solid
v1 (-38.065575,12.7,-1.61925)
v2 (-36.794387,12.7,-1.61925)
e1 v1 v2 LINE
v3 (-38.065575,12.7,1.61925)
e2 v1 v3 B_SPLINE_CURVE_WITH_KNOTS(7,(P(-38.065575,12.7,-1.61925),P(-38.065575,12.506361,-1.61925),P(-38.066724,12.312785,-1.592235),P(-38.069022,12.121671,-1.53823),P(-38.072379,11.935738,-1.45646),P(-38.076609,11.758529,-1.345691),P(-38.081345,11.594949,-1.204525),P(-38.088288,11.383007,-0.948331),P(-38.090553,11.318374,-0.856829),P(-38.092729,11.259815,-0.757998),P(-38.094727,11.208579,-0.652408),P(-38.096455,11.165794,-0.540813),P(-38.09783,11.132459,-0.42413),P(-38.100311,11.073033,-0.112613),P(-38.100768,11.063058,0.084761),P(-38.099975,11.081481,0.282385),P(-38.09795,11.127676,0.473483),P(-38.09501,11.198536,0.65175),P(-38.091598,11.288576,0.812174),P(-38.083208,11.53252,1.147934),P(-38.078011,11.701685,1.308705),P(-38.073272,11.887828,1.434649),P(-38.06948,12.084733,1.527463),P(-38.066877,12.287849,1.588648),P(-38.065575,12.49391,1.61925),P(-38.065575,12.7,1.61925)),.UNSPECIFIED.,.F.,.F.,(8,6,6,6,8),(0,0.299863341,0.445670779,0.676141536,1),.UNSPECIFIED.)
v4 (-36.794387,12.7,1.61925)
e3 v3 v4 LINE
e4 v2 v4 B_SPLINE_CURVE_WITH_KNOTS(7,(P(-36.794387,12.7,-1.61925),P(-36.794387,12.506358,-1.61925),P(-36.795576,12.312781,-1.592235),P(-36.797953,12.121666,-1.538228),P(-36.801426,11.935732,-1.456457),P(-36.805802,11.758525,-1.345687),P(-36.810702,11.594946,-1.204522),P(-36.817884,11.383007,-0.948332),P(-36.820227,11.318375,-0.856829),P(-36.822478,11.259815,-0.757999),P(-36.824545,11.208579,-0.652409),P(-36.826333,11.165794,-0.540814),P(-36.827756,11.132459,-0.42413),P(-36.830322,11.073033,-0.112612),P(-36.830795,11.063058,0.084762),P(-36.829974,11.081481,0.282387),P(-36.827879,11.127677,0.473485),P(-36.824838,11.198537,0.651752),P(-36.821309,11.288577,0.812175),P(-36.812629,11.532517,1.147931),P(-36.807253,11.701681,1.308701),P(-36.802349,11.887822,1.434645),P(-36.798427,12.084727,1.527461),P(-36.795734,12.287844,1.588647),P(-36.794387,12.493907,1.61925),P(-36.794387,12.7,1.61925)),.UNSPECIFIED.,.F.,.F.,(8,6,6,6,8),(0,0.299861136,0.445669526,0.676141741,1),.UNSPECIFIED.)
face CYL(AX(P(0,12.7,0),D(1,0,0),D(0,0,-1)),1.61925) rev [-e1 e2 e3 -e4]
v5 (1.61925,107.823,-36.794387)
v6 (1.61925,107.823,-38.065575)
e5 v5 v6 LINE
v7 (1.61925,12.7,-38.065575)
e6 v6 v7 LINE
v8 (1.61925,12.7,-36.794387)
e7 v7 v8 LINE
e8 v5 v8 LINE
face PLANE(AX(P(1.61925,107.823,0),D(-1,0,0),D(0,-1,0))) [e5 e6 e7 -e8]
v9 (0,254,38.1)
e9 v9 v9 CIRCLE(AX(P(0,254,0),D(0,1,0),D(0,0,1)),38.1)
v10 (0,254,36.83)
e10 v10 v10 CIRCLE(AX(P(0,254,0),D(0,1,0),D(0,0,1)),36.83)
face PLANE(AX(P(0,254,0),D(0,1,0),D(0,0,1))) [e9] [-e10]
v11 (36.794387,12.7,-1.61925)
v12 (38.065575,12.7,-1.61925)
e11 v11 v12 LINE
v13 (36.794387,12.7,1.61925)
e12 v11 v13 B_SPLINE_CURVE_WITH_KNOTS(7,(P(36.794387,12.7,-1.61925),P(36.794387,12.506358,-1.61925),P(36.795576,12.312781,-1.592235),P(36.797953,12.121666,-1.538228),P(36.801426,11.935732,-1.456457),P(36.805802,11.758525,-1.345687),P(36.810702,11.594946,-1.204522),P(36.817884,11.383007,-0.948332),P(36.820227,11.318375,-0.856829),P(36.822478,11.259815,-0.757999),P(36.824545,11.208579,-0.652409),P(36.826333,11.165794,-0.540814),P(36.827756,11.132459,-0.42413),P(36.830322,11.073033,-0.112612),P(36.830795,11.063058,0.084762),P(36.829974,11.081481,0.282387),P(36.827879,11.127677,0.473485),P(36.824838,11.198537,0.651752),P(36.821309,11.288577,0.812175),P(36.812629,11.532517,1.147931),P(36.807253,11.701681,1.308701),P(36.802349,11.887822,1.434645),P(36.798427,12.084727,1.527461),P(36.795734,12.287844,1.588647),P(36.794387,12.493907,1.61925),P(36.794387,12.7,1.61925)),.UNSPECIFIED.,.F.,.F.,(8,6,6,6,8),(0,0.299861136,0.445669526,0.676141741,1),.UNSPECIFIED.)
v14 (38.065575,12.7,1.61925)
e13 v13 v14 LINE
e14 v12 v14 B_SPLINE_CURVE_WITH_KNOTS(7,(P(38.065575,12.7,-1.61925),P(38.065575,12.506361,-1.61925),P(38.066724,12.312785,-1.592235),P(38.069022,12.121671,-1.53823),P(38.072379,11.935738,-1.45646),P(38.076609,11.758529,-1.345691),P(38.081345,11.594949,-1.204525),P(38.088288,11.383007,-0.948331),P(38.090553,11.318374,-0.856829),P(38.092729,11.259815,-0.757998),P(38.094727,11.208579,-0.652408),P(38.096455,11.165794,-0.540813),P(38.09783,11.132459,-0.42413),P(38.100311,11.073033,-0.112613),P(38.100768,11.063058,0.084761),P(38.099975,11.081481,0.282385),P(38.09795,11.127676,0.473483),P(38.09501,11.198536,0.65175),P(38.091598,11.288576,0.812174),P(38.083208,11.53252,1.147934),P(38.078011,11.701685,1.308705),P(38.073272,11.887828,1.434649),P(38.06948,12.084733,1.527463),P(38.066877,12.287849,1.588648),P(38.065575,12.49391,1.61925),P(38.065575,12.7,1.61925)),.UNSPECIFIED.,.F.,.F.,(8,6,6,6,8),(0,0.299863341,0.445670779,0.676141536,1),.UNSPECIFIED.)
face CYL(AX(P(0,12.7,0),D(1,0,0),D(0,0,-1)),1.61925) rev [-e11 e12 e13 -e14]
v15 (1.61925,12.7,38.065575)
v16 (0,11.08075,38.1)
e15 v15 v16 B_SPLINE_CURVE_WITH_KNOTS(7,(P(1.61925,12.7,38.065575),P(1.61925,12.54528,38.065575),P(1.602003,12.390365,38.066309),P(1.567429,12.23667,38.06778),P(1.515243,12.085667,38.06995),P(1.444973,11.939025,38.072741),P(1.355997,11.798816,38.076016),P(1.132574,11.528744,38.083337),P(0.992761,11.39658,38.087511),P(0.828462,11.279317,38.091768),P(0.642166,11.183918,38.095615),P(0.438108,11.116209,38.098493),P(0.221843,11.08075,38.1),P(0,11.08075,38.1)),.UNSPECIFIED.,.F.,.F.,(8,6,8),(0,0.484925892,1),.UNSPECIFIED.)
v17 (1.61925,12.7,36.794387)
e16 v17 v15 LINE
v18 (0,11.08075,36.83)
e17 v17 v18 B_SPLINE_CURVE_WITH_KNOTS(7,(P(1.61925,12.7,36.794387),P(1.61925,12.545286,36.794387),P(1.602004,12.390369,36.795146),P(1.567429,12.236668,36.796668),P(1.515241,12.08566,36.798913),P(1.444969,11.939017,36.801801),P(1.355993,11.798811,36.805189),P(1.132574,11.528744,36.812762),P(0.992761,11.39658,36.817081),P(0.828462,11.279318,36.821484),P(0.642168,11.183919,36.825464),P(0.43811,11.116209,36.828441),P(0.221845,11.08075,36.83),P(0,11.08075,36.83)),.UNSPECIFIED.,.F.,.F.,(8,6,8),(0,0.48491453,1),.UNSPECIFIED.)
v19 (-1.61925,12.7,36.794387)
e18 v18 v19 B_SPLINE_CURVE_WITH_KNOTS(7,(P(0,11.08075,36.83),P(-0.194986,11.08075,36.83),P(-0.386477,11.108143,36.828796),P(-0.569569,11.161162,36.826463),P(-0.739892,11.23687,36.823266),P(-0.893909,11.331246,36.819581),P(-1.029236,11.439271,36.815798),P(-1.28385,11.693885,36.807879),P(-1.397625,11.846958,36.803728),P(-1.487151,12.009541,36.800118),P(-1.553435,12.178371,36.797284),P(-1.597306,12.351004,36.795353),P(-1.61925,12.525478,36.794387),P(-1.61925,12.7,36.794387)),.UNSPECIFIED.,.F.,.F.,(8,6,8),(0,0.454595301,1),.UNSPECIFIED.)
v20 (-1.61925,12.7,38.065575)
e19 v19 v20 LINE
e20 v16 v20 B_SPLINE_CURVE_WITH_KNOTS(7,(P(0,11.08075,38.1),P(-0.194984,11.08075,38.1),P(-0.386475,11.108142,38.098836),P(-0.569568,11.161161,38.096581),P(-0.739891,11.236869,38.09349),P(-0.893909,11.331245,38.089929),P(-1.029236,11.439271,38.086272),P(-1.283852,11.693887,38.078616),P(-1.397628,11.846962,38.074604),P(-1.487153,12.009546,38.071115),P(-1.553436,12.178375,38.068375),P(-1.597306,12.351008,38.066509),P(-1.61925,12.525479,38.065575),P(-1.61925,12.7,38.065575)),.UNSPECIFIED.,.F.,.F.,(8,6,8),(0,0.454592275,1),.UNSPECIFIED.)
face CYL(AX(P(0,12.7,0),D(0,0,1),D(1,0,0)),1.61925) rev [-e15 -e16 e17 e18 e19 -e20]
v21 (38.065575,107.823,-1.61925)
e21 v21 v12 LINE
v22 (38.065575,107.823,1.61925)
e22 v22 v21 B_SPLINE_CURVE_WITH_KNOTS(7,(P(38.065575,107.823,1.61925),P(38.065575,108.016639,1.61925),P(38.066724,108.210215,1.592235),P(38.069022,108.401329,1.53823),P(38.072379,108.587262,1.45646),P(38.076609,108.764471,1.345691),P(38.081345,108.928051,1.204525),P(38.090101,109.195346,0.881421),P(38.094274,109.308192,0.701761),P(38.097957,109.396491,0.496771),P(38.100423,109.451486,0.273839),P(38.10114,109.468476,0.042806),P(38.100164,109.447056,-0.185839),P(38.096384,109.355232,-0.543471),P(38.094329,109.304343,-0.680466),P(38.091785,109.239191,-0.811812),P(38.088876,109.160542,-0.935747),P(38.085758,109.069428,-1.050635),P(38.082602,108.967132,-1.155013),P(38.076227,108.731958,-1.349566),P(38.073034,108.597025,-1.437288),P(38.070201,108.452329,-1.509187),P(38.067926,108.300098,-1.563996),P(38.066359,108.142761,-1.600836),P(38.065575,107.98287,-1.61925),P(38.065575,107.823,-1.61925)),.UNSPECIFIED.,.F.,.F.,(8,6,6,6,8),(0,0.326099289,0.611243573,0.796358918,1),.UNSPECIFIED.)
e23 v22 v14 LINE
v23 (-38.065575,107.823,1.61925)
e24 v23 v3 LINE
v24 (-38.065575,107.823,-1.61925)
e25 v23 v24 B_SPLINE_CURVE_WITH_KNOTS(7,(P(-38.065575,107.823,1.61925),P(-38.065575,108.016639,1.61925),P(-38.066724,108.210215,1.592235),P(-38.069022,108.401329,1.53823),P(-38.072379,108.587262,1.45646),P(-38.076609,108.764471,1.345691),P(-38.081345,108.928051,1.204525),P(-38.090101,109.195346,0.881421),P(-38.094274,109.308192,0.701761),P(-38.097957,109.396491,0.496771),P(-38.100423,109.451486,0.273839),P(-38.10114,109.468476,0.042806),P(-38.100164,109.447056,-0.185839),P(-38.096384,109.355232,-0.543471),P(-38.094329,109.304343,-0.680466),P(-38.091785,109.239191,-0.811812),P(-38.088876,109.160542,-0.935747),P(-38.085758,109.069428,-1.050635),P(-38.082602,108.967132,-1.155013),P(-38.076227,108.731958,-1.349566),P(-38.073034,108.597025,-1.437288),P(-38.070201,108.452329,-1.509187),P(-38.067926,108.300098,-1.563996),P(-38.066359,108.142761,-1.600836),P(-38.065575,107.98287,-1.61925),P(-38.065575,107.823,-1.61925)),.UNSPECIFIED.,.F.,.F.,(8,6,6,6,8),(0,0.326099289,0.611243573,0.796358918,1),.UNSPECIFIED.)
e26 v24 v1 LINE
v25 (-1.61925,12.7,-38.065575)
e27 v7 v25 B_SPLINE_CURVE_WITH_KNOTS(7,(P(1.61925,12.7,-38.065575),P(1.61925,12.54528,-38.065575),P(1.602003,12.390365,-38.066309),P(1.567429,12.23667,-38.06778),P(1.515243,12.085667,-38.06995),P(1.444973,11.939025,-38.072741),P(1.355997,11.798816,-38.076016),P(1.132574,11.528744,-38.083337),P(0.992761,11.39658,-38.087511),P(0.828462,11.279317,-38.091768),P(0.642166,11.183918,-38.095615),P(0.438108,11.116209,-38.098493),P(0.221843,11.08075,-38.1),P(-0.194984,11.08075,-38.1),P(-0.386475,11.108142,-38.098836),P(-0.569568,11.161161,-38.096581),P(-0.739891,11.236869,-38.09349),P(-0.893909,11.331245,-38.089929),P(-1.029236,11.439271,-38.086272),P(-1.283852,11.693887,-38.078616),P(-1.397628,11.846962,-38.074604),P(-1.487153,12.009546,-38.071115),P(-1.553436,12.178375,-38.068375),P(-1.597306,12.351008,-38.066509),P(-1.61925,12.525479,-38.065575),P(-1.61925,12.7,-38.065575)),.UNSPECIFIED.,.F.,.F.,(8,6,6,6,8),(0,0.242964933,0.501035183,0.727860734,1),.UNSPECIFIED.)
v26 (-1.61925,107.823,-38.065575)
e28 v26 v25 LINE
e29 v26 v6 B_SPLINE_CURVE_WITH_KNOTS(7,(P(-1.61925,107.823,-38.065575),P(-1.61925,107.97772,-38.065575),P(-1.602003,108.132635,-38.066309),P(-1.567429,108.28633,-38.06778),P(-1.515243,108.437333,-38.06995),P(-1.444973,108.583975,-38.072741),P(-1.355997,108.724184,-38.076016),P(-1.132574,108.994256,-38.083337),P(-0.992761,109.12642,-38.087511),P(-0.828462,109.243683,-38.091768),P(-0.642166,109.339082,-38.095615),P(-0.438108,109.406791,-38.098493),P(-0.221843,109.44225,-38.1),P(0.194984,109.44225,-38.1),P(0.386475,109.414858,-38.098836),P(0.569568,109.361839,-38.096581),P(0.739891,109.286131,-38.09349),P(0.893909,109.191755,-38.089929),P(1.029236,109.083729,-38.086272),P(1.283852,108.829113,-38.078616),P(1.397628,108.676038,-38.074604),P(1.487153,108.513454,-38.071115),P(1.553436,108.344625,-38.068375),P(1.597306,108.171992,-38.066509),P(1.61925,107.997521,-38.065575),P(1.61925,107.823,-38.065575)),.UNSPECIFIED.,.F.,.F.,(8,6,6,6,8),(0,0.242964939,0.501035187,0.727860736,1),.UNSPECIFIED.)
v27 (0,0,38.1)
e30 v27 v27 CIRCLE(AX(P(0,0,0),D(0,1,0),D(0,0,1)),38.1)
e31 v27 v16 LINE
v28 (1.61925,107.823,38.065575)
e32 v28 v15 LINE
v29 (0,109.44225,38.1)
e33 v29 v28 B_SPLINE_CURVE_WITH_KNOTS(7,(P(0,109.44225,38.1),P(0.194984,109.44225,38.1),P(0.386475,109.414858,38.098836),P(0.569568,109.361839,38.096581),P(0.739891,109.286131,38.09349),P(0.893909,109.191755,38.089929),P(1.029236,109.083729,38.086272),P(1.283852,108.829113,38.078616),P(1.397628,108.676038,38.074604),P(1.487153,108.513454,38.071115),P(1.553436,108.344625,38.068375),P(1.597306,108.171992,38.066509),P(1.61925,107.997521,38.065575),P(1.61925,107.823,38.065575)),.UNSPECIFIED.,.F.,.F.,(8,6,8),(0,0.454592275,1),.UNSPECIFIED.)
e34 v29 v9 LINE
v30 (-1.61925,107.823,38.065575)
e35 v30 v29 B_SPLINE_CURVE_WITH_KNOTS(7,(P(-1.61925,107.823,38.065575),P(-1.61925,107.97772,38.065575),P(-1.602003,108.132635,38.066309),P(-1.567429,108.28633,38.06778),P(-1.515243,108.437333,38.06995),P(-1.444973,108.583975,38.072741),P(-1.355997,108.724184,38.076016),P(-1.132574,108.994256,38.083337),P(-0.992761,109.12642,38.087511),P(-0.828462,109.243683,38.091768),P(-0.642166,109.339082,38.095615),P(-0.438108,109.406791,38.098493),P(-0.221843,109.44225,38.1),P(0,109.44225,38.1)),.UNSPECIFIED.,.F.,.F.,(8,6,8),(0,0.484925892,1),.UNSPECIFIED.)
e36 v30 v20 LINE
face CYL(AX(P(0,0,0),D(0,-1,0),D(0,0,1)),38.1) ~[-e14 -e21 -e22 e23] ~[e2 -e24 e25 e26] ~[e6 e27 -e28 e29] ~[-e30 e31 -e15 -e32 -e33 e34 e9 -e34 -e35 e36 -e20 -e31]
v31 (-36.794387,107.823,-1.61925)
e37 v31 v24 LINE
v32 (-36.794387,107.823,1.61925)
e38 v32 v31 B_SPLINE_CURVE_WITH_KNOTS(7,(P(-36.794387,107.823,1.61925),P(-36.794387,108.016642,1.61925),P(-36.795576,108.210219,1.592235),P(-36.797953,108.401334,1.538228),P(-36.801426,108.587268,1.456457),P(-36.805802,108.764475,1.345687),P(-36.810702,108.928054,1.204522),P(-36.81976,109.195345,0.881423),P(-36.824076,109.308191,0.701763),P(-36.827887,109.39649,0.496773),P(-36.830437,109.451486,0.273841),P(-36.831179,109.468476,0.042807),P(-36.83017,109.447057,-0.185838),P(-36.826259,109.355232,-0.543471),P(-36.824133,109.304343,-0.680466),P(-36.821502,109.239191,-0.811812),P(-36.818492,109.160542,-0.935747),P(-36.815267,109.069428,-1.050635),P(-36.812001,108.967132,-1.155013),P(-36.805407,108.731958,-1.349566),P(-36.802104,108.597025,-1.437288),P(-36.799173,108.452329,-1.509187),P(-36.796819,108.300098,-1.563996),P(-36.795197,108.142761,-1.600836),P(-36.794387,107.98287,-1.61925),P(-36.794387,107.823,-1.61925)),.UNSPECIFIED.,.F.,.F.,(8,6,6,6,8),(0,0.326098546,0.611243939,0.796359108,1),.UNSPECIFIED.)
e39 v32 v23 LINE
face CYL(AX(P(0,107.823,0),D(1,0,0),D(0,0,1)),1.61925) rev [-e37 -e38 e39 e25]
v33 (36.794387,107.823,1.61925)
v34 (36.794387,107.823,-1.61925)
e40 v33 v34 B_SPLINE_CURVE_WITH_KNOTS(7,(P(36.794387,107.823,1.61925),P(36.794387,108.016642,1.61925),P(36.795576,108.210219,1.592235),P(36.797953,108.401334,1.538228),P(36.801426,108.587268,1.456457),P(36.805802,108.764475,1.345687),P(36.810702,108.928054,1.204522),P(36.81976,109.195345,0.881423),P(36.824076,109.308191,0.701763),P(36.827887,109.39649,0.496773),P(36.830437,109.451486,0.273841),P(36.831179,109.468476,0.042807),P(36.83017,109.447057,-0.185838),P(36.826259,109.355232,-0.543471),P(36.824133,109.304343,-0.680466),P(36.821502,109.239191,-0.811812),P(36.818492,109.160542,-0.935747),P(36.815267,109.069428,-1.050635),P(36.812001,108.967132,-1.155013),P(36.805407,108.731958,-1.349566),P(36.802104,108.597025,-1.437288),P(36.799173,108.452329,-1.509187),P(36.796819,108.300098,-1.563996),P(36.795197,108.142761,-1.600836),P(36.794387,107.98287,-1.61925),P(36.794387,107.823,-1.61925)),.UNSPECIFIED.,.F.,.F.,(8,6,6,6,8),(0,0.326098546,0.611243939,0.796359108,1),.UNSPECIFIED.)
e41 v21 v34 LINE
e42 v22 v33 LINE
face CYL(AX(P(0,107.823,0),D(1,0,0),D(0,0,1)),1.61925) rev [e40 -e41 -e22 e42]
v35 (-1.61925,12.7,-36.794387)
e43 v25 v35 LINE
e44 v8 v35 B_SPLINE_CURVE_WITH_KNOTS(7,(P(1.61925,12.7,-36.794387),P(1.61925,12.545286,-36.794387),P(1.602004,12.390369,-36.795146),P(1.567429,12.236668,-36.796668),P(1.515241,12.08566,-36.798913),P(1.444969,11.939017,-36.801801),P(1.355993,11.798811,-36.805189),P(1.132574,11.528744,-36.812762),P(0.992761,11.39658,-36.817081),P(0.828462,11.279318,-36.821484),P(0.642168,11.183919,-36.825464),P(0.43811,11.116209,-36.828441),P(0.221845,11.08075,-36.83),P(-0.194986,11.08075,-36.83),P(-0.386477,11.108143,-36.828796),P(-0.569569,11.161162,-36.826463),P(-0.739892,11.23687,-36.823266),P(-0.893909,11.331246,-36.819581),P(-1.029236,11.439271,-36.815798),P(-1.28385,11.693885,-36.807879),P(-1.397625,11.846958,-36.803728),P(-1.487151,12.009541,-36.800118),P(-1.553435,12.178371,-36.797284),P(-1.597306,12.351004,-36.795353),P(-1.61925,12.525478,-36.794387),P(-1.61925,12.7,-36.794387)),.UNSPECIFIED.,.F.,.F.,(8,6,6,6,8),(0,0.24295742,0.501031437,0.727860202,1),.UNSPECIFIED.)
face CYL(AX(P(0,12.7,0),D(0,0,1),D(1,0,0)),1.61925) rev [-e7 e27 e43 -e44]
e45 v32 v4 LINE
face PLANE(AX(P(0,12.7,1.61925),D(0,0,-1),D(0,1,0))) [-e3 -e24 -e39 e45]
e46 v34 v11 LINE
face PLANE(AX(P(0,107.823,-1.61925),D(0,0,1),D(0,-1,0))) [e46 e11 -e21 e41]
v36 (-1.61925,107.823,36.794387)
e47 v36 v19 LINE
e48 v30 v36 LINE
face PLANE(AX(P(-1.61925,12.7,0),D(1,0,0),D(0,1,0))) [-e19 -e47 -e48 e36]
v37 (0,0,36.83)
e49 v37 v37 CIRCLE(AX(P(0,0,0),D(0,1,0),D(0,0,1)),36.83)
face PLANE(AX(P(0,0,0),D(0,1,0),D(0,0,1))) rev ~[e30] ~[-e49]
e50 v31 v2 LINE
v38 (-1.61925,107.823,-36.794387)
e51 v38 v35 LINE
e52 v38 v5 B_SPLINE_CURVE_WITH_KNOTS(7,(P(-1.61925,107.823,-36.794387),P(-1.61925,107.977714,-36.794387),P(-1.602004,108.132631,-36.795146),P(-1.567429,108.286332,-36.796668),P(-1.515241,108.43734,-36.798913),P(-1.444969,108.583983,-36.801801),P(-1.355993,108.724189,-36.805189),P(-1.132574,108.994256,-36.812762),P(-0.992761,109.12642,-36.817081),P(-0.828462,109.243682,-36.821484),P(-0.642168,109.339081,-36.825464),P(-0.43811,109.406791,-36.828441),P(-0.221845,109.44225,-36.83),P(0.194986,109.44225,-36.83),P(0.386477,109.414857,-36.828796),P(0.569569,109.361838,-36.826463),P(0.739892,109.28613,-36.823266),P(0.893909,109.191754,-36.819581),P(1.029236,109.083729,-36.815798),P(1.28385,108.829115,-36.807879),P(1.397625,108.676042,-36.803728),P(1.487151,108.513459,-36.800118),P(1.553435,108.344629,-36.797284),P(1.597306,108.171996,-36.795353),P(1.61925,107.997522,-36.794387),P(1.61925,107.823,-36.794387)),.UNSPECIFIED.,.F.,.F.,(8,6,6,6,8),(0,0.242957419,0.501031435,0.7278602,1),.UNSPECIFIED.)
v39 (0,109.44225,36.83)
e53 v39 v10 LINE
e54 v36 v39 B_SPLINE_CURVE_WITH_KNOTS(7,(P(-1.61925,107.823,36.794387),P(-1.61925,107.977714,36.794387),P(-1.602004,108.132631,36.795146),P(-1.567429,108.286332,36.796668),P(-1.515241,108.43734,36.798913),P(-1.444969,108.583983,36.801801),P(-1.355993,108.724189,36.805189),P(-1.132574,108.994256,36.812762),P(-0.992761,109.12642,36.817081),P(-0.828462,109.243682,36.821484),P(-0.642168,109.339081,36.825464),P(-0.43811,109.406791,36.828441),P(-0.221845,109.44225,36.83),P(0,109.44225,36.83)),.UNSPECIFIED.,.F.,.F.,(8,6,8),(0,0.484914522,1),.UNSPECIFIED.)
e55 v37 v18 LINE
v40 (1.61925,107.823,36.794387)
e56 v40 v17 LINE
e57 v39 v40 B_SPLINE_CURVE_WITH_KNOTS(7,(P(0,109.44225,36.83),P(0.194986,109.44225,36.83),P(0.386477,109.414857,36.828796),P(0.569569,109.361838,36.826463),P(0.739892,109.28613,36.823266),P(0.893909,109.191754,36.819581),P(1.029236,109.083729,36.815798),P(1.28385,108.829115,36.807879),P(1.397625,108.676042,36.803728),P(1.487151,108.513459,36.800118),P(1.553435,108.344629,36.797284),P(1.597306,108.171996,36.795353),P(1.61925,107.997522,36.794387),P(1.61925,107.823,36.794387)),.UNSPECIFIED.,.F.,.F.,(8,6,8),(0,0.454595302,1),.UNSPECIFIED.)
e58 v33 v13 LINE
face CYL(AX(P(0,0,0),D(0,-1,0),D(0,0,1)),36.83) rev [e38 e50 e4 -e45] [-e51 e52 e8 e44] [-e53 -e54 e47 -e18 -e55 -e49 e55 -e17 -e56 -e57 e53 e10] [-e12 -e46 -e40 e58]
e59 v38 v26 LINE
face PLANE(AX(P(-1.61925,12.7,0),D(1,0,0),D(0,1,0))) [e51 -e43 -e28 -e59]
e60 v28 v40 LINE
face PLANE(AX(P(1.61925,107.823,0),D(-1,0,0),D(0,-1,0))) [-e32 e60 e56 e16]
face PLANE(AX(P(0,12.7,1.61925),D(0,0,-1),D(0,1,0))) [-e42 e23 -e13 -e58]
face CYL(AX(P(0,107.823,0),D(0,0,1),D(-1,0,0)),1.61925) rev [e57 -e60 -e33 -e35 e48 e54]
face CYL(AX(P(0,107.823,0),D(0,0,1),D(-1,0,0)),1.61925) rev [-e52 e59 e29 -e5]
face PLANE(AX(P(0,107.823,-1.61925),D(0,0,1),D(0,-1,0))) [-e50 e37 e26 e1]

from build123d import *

# Parameters (mm, degrees)
SKETCH1_R           = 38.1
SKETCH1_R_2         = 36.83
BOSS_EXTRUDE1_DEPTH = 254
CUT_EXTRUDE1_DEPTH  = 260.652113413
CIRPATTERN1_COUNT   = 2
CIRPATTERN1_ANGLE   = 90


with BuildPart() as part:
    # Sketch1 → Boss-Extrude1 (new body)
    with BuildSketch(Plane(origin=(0, 0, 0), x_dir=(1, 0, 0), z_dir=(0, 1, 0))):
        Circle(SKETCH1_R)
        Circle(SKETCH1_R_2, mode=Mode.SUBTRACT)
    extrude(amount=BOSS_EXTRUDE1_DEPTH)

    # Sketch2 → Cut-Extrude1 (cut, symmetric)
    with BuildSketch(Plane.XY):
        with BuildLine():
            Line((-1.61925, 12.7), (-1.61925, 107.823))
            ThreePointArc((-1.61925, 107.823), (0, 109.44225), (1.61925, 107.823))
            Line((1.61925, 107.823), (1.61925, 12.7))
            ThreePointArc((1.61925, 12.7), (0, 11.08075), (-1.61925, 12.7))
        make_face()
    cut_extrude1 = extrude(amount=CUT_EXTRUDE1_DEPTH, both=True, mode=Mode.SUBTRACT)

    # CirPattern1: Cut-Extrude1 ×2 about axis
    cirpattern1_axis = Axis((0, -12.7, 0), (0, 1, 0))
    for i in range(1, CIRPATTERN1_COUNT):
        add(cut_extrude1.rotate(cirpattern1_axis, i * CIRPATTERN1_ANGLE / (CIRPATTERN1_COUNT - 1)), mode=Mode.SUBTRACT)


solid = part.part
